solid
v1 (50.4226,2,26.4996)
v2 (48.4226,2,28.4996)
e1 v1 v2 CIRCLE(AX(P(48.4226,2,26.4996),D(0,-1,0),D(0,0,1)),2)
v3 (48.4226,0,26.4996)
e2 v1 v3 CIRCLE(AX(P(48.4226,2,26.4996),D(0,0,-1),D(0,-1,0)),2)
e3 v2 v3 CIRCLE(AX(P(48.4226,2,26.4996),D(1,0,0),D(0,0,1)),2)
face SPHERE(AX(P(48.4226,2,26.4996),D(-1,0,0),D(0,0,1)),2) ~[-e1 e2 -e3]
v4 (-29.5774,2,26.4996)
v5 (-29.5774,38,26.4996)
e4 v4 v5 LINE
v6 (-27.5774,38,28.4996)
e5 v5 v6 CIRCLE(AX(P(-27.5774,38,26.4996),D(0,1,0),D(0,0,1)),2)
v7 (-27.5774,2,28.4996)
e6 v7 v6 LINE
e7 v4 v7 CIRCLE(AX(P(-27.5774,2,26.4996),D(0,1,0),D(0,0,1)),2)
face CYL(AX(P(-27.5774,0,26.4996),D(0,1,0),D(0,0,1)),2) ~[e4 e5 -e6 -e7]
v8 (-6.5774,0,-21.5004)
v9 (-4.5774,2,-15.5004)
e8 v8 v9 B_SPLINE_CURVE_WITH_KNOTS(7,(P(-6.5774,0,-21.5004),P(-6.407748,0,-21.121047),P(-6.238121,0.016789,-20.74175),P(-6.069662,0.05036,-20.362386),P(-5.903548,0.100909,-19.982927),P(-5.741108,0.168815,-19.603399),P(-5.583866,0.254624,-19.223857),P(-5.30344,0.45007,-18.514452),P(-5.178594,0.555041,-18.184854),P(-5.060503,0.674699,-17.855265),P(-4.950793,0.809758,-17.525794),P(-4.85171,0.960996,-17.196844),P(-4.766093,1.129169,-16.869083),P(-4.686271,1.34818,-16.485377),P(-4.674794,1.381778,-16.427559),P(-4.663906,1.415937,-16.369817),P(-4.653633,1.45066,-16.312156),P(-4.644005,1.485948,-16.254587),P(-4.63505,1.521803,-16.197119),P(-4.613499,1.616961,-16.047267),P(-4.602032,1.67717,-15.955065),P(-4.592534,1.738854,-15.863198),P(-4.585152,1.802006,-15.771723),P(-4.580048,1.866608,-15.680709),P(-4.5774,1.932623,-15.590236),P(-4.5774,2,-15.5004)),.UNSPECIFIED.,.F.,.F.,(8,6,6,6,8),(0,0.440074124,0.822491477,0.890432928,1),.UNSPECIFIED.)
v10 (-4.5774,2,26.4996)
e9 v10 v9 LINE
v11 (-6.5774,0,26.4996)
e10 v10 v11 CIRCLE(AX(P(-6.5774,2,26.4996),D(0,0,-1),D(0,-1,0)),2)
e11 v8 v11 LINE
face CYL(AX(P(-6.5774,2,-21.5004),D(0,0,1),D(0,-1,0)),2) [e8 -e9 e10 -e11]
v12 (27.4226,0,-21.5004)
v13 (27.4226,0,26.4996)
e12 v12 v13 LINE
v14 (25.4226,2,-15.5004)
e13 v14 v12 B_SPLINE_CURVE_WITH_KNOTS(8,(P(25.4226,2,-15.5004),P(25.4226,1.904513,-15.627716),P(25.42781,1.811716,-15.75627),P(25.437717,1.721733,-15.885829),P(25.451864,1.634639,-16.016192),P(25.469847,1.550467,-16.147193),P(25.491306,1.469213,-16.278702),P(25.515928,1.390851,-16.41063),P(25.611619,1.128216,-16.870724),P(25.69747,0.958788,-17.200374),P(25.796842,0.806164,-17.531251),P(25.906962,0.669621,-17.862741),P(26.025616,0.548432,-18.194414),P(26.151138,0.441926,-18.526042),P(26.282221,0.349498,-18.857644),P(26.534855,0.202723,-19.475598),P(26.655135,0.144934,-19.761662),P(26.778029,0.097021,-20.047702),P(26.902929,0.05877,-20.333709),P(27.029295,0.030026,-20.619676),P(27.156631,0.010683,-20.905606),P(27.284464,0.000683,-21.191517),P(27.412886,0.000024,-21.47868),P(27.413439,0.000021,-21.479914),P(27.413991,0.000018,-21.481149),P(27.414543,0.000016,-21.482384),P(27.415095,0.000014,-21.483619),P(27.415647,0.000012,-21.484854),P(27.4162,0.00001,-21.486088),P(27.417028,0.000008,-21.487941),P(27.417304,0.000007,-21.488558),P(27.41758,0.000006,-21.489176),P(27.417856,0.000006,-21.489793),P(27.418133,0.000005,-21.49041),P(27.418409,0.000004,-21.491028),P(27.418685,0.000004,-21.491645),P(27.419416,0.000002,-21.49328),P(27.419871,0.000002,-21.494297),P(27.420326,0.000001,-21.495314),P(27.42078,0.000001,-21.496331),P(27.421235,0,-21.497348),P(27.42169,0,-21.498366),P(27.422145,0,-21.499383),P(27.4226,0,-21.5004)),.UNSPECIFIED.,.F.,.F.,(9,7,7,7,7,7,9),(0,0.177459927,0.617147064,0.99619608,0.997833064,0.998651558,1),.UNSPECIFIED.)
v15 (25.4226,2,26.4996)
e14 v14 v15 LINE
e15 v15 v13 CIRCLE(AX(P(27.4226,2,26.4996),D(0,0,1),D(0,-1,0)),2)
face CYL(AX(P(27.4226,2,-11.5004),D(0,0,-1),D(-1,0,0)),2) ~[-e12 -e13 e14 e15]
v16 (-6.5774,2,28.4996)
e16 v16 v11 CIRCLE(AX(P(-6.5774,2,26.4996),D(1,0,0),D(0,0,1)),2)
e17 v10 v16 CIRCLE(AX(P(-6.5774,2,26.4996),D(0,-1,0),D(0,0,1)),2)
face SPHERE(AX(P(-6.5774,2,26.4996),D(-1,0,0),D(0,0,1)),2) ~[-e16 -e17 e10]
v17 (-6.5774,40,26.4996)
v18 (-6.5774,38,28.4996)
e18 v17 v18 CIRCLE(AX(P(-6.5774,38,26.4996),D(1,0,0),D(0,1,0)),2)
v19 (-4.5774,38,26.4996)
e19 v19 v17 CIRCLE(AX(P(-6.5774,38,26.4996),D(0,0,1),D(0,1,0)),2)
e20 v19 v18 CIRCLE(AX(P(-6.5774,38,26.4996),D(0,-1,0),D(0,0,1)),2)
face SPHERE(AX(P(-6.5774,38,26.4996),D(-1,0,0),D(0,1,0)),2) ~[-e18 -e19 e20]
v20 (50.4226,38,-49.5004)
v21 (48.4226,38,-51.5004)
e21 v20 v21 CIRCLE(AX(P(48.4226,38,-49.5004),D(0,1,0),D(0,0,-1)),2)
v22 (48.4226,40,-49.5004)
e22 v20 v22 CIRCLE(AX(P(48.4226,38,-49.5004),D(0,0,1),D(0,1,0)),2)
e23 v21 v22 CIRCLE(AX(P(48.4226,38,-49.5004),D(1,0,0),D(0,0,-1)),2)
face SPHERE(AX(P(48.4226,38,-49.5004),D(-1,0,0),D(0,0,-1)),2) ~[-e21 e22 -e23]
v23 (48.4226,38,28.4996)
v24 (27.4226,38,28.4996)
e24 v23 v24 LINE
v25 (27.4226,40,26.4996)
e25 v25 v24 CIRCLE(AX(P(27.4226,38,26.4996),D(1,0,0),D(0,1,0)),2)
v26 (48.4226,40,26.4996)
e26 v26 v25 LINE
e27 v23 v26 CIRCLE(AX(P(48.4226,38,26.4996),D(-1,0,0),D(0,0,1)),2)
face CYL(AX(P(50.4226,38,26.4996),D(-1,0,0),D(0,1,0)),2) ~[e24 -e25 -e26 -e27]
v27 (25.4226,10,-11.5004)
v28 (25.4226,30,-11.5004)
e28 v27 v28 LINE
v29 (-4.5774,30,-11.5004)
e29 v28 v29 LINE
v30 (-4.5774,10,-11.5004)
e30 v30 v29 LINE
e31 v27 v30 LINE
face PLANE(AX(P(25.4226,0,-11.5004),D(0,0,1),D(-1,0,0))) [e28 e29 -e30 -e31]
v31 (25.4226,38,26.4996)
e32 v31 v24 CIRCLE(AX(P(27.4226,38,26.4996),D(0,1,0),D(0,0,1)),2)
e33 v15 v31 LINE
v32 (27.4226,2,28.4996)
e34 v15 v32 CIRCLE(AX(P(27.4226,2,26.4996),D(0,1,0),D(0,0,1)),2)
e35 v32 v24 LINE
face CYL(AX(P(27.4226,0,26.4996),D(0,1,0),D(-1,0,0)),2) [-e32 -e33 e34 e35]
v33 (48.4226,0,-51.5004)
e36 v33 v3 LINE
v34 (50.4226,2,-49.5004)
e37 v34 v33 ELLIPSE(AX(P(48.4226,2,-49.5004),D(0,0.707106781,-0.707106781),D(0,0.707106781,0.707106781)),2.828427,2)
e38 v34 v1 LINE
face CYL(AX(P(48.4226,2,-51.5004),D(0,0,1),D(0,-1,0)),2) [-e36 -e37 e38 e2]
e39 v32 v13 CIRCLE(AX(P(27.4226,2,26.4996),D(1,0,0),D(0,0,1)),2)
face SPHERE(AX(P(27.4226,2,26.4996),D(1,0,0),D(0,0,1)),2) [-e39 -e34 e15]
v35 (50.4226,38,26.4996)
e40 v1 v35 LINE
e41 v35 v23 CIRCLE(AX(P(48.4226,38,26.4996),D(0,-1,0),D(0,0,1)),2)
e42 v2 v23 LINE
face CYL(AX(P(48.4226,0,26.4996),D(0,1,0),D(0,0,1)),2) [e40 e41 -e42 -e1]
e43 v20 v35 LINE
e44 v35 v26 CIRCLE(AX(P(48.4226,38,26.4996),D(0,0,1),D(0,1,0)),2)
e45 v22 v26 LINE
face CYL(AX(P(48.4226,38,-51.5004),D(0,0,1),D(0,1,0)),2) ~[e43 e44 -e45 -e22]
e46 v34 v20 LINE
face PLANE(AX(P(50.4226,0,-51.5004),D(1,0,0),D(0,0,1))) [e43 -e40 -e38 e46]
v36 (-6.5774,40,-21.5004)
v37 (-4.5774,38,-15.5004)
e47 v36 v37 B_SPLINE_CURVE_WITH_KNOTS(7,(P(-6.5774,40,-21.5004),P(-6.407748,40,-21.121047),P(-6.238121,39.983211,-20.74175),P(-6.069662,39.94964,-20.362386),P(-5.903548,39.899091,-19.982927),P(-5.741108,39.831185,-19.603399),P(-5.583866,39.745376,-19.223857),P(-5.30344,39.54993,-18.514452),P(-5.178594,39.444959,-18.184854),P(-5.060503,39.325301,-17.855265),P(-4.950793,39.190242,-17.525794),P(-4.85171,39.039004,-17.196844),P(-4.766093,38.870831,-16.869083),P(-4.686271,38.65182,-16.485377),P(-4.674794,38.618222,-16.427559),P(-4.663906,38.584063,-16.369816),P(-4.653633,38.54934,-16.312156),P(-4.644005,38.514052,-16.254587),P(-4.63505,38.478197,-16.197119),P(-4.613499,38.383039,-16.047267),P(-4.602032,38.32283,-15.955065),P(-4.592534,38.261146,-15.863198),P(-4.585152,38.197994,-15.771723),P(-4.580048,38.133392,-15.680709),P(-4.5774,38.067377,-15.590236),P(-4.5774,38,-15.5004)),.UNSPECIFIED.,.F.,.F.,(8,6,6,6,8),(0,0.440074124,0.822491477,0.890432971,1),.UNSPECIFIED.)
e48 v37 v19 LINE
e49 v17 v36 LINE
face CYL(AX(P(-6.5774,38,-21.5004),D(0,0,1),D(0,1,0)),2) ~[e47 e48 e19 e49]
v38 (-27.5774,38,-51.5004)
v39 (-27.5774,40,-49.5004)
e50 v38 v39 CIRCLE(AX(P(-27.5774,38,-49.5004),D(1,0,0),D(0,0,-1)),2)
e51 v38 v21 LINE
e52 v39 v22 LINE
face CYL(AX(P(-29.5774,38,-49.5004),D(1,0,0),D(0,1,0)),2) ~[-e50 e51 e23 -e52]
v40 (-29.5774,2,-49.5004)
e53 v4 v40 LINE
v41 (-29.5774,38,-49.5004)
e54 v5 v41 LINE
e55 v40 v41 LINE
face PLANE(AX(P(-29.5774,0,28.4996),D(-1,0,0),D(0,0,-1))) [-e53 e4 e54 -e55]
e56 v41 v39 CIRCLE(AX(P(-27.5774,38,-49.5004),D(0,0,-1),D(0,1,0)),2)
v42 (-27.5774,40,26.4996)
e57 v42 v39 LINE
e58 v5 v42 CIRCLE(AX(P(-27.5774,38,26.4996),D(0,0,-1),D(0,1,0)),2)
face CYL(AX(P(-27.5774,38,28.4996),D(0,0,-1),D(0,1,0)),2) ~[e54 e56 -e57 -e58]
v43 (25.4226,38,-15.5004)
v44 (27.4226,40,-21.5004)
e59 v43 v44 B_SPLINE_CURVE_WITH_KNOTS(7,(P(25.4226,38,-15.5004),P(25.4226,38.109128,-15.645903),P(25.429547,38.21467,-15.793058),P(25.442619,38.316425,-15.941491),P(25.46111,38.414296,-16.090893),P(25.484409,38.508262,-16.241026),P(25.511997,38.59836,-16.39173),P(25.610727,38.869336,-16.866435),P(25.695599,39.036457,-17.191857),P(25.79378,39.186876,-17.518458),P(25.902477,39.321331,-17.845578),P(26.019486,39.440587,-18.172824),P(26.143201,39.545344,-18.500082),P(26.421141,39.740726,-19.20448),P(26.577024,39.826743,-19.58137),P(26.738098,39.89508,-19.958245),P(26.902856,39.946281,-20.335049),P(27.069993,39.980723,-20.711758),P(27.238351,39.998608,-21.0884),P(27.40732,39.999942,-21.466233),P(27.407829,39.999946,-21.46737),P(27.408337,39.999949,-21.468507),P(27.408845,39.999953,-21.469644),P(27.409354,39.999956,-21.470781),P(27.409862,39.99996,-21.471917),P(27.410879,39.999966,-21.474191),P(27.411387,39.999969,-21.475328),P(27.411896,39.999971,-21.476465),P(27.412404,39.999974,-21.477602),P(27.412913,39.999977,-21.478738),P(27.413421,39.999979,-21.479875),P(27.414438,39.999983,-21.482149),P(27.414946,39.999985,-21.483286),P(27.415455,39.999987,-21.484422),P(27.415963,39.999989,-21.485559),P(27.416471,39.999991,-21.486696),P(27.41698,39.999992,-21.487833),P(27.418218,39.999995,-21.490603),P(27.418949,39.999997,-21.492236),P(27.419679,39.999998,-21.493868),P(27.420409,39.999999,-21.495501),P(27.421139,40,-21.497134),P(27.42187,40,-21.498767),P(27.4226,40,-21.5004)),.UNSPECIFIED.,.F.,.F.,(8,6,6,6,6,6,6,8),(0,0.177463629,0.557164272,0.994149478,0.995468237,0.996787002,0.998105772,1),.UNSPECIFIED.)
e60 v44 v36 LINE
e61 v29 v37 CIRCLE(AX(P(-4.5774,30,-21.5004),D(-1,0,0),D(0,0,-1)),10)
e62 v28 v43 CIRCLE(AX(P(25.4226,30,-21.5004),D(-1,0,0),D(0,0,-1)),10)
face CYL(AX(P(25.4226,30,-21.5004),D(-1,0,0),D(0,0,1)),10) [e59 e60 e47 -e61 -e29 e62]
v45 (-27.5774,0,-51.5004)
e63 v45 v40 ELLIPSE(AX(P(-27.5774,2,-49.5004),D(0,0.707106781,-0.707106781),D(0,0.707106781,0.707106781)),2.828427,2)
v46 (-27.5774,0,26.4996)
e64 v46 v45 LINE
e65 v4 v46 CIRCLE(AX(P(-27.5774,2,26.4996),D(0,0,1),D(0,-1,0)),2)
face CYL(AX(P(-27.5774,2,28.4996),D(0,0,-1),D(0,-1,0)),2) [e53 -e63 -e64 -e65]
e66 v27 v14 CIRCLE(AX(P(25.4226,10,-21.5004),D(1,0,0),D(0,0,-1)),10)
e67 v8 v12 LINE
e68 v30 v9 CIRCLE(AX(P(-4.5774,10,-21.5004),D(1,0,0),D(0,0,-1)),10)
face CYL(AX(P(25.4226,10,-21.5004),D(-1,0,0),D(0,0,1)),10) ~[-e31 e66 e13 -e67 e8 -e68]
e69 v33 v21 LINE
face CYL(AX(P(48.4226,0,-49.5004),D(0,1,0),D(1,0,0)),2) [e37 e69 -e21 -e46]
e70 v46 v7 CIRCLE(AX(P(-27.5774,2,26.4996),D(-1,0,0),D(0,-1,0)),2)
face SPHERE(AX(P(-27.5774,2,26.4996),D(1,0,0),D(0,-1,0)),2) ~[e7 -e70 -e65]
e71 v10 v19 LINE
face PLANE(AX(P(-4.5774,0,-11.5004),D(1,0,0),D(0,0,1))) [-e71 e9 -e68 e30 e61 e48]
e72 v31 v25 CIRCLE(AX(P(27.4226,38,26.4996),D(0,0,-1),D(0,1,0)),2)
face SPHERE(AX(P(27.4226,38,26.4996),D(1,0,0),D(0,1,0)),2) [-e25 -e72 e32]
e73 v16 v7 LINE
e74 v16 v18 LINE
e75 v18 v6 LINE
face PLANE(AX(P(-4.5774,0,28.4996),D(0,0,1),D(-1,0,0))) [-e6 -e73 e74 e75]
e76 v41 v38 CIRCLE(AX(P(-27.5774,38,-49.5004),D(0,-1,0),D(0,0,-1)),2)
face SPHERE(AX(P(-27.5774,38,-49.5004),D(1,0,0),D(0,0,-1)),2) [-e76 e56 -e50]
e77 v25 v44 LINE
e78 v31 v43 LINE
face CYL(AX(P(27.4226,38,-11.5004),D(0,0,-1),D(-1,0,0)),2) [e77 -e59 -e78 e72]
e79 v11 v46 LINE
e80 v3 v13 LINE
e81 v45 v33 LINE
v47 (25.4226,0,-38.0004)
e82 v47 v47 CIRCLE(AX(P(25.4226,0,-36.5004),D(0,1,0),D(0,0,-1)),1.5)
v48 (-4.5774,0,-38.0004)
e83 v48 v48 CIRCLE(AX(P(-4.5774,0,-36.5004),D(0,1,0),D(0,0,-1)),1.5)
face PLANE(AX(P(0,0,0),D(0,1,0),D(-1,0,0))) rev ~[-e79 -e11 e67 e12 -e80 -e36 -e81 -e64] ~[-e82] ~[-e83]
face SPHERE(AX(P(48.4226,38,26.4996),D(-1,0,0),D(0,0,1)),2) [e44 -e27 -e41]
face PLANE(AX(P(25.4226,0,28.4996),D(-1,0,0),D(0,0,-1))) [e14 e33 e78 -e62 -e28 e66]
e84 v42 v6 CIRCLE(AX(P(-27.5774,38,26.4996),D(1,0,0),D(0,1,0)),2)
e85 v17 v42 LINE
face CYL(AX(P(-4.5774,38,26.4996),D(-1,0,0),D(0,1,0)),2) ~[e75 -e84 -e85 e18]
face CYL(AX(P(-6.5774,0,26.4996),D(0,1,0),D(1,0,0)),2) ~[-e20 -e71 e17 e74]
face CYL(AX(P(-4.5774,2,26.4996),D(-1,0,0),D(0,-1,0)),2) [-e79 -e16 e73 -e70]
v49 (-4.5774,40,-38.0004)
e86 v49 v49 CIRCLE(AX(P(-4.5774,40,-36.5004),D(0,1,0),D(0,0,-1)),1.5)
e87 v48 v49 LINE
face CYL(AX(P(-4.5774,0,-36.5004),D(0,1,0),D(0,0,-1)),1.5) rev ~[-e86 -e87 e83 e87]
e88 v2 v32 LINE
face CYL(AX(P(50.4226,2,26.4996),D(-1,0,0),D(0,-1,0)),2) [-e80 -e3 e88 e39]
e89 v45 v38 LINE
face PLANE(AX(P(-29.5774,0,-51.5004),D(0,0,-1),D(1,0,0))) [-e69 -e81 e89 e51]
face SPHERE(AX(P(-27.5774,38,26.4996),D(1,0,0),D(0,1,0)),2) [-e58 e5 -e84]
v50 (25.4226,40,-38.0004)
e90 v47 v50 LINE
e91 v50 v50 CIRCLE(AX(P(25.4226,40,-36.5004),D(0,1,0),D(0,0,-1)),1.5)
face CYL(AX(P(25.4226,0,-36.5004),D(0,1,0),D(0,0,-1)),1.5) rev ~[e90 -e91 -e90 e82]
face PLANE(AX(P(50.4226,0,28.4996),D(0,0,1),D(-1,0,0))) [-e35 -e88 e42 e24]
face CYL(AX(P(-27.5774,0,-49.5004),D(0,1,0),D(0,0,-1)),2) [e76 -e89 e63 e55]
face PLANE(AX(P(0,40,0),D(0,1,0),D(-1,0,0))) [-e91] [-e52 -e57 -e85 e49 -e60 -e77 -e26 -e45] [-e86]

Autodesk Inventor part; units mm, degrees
ref_plane "YZ Plane" through (0, 0, 0) normal (1, 0, 0) x (0, 1, 0)
ref_plane "XZ Plane" through (0, 0, 0) normal (0, 1, 0) x (-1, 0, 0)
ref_plane "XY Plane" through (0, 0, 0) normal (0, 0, 1) x (1, 0, 0)
sketch "Эскиз1" plane through (0, 0, 0) normal (0, 1, 0) x (-1, 0, 0)
  line L0 (29.5774, -51.5004) -> (-50.4226, -51.5004)
  line L1 (-50.4226, -51.5004) -> (-50.4226, 28.4996)
  line L2 (-50.4226, 28.4996) -> (-25.4226, 28.4996)
  line L3 (-25.4226, 28.4996) -> (-25.4226, -11.5004)
  line L4 (-25.4226, -11.5004) -> (4.5774, -11.5004)
  line L5 (4.5774, -11.5004) -> (4.5774, 28.4996)
  line L6 (4.5774, 28.4996) -> (29.5774, 28.4996)
  line L7 (29.5774, 28.4996) -> (29.5774, -51.5004)
  point P0 (0, 0)
  dimension "d0" = 30
  dimension "d1" = 80
  dimension "d2" = 40
  dimension "d3" = 80
extrude "Выдавливание1" add sketch "Эскиз1" along normal blind 40
fillet "Сопряжение1" radius 10 2 edges at (10.4226, 40, -11.5004) (10.4226, 0, -11.5004)
fillet "Сопряжение2" radius 2 19 edges at (10.4226, 40, -51.5004) (-29.5774, 20, -51.5004) (50.4226, 20, -51.5004) (-17.0774, 40, 28.4996) (37.9226, 40, 28.4996) (37.9226, 0, 28.4996) (-17.0774, 0, 28.4996) (-4.5774, 40, 8.4996) (-29.5774, 40, -11.5004) (-29.5774, 0, -11.5004) (-29.5774, 20, 28.4996) (-4.5774, 20, 28.4996) (25.4226, 40, 8.4996) (25.4226, 20, 28.4996) (25.4226, 0, 8.4996) (-4.5774, 0, 8.4996) (50.4226, 20, 28.4996) (50.4226, 0, -11.5004) (50.4226, 40, -11.5004)
sketch "Эскиз2" plane through (0, 0, 0) normal (0, -1, 0) x (1, 0, 0)
  line L0 (-29.5774, 26.4996) -> (-29.5774, -49.5004) projected
  line L1 (-27.5774, -51.5004) -> (48.4226, -51.5004) projected
  point P0 (0, 0)
  point P1 (-4.5774, -36.5004)
  point P2 (25.4226, -36.5004)
  dimension "d8" = 30
  dimension "d9" = 25
  dimension "d10" = 15
hole "Отверстие1" at (-4.5774, 0, -36.5004) at (25.4226, 0, -36.5004) direction (0, 1, 0) diameter 3 end through all
properties part number "stand_holder"
